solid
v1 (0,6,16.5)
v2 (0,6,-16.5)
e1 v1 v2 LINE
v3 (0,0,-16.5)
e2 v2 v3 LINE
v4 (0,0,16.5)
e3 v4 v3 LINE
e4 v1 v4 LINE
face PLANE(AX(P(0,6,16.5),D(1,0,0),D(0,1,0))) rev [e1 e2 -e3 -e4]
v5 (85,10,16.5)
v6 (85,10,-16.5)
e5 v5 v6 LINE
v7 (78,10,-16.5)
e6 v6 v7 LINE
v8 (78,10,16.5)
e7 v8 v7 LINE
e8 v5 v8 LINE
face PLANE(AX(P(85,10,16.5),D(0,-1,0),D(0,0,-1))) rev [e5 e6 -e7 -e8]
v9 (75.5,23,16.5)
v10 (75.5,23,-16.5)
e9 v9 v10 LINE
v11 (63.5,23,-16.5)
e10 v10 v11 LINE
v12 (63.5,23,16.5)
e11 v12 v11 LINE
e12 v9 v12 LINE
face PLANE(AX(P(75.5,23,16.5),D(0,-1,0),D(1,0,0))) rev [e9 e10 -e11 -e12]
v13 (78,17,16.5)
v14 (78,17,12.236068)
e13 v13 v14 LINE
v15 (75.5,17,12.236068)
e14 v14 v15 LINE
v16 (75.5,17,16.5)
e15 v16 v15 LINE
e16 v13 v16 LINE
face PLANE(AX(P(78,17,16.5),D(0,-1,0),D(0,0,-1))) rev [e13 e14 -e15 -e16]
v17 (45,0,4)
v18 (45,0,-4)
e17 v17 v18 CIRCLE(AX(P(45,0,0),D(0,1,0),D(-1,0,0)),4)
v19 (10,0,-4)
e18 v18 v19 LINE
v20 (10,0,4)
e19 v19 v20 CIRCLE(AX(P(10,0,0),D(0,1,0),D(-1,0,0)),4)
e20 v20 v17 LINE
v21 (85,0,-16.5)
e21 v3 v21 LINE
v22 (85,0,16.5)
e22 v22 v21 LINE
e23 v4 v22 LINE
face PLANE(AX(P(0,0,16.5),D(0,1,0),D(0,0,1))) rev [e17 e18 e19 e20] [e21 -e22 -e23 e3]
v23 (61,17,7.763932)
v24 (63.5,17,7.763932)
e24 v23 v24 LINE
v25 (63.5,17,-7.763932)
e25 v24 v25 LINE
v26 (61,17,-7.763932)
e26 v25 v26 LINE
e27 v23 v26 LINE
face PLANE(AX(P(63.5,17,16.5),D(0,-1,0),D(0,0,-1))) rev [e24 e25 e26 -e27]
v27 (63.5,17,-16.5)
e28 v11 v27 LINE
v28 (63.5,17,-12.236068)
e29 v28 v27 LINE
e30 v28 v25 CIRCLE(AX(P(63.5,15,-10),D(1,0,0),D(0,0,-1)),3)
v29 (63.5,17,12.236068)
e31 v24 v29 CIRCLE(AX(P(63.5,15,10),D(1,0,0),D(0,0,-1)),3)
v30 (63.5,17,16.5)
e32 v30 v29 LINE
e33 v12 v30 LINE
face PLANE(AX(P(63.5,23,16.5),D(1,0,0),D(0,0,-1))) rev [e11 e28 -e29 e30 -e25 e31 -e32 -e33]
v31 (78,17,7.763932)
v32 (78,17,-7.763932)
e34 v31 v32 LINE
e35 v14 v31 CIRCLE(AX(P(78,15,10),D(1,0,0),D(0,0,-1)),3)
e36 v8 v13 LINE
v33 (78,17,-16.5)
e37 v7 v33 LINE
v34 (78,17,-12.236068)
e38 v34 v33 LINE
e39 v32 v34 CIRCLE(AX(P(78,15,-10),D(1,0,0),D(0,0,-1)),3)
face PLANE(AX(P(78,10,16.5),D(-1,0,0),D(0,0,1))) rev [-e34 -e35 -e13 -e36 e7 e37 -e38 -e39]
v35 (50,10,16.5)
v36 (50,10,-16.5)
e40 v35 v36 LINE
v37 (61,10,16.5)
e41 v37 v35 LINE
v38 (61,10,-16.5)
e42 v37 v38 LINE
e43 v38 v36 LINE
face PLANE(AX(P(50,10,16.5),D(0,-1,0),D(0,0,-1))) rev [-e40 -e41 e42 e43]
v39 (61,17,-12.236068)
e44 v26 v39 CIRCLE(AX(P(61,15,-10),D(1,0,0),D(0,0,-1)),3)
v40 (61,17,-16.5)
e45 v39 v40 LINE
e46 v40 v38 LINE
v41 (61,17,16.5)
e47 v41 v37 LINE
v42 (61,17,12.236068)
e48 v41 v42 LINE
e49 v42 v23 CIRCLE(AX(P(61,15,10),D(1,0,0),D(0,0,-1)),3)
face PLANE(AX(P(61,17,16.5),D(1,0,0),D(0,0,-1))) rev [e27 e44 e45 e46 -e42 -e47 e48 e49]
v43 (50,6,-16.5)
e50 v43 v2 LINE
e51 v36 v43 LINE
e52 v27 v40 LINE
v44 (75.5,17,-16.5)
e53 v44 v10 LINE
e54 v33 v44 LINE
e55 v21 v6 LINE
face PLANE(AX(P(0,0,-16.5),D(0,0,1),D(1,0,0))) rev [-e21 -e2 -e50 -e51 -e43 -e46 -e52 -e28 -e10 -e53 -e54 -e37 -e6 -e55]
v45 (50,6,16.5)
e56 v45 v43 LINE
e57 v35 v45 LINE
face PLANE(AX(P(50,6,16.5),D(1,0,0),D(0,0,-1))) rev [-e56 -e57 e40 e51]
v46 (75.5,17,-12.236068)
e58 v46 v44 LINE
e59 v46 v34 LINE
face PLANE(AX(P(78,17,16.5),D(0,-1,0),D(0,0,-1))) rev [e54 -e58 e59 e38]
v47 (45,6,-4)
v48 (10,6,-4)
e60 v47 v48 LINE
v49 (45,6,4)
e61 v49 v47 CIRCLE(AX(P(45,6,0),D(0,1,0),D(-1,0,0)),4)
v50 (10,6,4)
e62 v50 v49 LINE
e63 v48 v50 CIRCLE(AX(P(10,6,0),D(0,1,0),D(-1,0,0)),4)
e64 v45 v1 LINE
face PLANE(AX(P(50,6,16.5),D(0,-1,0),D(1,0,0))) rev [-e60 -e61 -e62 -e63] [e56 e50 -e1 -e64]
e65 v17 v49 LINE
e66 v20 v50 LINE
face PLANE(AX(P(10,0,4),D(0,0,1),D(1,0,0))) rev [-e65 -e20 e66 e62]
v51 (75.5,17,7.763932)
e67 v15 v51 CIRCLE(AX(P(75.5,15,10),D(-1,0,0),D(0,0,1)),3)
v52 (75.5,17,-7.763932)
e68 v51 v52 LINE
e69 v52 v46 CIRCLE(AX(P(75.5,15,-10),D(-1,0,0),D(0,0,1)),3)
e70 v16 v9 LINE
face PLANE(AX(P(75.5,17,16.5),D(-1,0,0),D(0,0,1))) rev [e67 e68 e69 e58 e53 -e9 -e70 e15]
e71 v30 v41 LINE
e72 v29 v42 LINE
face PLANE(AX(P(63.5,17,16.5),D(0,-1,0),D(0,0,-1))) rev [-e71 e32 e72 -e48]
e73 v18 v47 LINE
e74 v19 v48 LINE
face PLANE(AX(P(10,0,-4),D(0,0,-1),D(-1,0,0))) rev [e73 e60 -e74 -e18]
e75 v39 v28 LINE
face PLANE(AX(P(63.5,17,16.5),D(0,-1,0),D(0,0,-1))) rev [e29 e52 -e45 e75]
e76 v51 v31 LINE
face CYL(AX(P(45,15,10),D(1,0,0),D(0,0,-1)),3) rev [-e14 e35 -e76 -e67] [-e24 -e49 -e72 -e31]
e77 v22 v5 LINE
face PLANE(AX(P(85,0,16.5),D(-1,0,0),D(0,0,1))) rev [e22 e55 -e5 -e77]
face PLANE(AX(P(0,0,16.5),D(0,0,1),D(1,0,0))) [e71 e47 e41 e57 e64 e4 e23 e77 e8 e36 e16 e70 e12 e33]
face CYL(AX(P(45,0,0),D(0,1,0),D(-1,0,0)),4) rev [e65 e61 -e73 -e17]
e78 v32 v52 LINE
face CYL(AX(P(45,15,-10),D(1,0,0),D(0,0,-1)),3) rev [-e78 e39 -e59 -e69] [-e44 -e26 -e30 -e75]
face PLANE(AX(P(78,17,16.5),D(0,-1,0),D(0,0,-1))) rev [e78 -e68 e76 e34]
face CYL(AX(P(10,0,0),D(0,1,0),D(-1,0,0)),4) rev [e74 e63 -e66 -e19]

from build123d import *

# Parameters (mm, degrees)
EXTRUDE_1_DEPTH     = 16.5
CUT_EXTRUDE_1_DEPTH = 89.239730281
SKETCH_3_R          = 3
CUT_EXTRUDE_2_DEPTH = 33


with BuildPart() as part:
    # 草圖1 → 填料-伸長1 (new, symmetric)
    with BuildSketch(Plane.XY):
        Polygon((0, 0), (85, 0), (85, 10), (78, 10), (78, 17), (75.5, 17), (75.5, 23), (63.5, 23), (63.5, 17), (61, 17), (61, 10), (50, 10), (50, 6), (0, 6), align=None)
    extrude(amount=EXTRUDE_1_DEPTH, both=True)

    # 草圖2 → 除料-伸長1 (cut, through all)
    with BuildSketch(Plane(origin=(0, 6, 0), x_dir=(1, 0, 0), z_dir=(0, 1, 0))):
        with BuildLine():
            Line((10, 4), (45, 4))
            ThreePointArc((45, 4), (49, 0), (45, -4))
            Line((45, -4), (10, -4))
            ThreePointArc((10, -4), (6, 0), (10, 4))
        make_face()
    extrude(amount=-CUT_EXTRUDE_1_DEPTH, mode=Mode.SUBTRACT)

    # 草圖3 → 除料-伸長2 (cut)
    with BuildSketch(Plane(origin=(78, 0, 0), x_dir=(0, 0, -1), z_dir=(1, 0, 0))):
        with Locations(Location((-10, 15, 0), (0, 0, 41.810314896))):
            Circle(SKETCH_3_R)
        with Locations(Location((10, 15, 0), (0, 0, 41.810314896))):
            Circle(SKETCH_3_R)
    extrude(amount=-CUT_EXTRUDE_2_DEPTH, mode=Mode.SUBTRACT)


solid = part.part
